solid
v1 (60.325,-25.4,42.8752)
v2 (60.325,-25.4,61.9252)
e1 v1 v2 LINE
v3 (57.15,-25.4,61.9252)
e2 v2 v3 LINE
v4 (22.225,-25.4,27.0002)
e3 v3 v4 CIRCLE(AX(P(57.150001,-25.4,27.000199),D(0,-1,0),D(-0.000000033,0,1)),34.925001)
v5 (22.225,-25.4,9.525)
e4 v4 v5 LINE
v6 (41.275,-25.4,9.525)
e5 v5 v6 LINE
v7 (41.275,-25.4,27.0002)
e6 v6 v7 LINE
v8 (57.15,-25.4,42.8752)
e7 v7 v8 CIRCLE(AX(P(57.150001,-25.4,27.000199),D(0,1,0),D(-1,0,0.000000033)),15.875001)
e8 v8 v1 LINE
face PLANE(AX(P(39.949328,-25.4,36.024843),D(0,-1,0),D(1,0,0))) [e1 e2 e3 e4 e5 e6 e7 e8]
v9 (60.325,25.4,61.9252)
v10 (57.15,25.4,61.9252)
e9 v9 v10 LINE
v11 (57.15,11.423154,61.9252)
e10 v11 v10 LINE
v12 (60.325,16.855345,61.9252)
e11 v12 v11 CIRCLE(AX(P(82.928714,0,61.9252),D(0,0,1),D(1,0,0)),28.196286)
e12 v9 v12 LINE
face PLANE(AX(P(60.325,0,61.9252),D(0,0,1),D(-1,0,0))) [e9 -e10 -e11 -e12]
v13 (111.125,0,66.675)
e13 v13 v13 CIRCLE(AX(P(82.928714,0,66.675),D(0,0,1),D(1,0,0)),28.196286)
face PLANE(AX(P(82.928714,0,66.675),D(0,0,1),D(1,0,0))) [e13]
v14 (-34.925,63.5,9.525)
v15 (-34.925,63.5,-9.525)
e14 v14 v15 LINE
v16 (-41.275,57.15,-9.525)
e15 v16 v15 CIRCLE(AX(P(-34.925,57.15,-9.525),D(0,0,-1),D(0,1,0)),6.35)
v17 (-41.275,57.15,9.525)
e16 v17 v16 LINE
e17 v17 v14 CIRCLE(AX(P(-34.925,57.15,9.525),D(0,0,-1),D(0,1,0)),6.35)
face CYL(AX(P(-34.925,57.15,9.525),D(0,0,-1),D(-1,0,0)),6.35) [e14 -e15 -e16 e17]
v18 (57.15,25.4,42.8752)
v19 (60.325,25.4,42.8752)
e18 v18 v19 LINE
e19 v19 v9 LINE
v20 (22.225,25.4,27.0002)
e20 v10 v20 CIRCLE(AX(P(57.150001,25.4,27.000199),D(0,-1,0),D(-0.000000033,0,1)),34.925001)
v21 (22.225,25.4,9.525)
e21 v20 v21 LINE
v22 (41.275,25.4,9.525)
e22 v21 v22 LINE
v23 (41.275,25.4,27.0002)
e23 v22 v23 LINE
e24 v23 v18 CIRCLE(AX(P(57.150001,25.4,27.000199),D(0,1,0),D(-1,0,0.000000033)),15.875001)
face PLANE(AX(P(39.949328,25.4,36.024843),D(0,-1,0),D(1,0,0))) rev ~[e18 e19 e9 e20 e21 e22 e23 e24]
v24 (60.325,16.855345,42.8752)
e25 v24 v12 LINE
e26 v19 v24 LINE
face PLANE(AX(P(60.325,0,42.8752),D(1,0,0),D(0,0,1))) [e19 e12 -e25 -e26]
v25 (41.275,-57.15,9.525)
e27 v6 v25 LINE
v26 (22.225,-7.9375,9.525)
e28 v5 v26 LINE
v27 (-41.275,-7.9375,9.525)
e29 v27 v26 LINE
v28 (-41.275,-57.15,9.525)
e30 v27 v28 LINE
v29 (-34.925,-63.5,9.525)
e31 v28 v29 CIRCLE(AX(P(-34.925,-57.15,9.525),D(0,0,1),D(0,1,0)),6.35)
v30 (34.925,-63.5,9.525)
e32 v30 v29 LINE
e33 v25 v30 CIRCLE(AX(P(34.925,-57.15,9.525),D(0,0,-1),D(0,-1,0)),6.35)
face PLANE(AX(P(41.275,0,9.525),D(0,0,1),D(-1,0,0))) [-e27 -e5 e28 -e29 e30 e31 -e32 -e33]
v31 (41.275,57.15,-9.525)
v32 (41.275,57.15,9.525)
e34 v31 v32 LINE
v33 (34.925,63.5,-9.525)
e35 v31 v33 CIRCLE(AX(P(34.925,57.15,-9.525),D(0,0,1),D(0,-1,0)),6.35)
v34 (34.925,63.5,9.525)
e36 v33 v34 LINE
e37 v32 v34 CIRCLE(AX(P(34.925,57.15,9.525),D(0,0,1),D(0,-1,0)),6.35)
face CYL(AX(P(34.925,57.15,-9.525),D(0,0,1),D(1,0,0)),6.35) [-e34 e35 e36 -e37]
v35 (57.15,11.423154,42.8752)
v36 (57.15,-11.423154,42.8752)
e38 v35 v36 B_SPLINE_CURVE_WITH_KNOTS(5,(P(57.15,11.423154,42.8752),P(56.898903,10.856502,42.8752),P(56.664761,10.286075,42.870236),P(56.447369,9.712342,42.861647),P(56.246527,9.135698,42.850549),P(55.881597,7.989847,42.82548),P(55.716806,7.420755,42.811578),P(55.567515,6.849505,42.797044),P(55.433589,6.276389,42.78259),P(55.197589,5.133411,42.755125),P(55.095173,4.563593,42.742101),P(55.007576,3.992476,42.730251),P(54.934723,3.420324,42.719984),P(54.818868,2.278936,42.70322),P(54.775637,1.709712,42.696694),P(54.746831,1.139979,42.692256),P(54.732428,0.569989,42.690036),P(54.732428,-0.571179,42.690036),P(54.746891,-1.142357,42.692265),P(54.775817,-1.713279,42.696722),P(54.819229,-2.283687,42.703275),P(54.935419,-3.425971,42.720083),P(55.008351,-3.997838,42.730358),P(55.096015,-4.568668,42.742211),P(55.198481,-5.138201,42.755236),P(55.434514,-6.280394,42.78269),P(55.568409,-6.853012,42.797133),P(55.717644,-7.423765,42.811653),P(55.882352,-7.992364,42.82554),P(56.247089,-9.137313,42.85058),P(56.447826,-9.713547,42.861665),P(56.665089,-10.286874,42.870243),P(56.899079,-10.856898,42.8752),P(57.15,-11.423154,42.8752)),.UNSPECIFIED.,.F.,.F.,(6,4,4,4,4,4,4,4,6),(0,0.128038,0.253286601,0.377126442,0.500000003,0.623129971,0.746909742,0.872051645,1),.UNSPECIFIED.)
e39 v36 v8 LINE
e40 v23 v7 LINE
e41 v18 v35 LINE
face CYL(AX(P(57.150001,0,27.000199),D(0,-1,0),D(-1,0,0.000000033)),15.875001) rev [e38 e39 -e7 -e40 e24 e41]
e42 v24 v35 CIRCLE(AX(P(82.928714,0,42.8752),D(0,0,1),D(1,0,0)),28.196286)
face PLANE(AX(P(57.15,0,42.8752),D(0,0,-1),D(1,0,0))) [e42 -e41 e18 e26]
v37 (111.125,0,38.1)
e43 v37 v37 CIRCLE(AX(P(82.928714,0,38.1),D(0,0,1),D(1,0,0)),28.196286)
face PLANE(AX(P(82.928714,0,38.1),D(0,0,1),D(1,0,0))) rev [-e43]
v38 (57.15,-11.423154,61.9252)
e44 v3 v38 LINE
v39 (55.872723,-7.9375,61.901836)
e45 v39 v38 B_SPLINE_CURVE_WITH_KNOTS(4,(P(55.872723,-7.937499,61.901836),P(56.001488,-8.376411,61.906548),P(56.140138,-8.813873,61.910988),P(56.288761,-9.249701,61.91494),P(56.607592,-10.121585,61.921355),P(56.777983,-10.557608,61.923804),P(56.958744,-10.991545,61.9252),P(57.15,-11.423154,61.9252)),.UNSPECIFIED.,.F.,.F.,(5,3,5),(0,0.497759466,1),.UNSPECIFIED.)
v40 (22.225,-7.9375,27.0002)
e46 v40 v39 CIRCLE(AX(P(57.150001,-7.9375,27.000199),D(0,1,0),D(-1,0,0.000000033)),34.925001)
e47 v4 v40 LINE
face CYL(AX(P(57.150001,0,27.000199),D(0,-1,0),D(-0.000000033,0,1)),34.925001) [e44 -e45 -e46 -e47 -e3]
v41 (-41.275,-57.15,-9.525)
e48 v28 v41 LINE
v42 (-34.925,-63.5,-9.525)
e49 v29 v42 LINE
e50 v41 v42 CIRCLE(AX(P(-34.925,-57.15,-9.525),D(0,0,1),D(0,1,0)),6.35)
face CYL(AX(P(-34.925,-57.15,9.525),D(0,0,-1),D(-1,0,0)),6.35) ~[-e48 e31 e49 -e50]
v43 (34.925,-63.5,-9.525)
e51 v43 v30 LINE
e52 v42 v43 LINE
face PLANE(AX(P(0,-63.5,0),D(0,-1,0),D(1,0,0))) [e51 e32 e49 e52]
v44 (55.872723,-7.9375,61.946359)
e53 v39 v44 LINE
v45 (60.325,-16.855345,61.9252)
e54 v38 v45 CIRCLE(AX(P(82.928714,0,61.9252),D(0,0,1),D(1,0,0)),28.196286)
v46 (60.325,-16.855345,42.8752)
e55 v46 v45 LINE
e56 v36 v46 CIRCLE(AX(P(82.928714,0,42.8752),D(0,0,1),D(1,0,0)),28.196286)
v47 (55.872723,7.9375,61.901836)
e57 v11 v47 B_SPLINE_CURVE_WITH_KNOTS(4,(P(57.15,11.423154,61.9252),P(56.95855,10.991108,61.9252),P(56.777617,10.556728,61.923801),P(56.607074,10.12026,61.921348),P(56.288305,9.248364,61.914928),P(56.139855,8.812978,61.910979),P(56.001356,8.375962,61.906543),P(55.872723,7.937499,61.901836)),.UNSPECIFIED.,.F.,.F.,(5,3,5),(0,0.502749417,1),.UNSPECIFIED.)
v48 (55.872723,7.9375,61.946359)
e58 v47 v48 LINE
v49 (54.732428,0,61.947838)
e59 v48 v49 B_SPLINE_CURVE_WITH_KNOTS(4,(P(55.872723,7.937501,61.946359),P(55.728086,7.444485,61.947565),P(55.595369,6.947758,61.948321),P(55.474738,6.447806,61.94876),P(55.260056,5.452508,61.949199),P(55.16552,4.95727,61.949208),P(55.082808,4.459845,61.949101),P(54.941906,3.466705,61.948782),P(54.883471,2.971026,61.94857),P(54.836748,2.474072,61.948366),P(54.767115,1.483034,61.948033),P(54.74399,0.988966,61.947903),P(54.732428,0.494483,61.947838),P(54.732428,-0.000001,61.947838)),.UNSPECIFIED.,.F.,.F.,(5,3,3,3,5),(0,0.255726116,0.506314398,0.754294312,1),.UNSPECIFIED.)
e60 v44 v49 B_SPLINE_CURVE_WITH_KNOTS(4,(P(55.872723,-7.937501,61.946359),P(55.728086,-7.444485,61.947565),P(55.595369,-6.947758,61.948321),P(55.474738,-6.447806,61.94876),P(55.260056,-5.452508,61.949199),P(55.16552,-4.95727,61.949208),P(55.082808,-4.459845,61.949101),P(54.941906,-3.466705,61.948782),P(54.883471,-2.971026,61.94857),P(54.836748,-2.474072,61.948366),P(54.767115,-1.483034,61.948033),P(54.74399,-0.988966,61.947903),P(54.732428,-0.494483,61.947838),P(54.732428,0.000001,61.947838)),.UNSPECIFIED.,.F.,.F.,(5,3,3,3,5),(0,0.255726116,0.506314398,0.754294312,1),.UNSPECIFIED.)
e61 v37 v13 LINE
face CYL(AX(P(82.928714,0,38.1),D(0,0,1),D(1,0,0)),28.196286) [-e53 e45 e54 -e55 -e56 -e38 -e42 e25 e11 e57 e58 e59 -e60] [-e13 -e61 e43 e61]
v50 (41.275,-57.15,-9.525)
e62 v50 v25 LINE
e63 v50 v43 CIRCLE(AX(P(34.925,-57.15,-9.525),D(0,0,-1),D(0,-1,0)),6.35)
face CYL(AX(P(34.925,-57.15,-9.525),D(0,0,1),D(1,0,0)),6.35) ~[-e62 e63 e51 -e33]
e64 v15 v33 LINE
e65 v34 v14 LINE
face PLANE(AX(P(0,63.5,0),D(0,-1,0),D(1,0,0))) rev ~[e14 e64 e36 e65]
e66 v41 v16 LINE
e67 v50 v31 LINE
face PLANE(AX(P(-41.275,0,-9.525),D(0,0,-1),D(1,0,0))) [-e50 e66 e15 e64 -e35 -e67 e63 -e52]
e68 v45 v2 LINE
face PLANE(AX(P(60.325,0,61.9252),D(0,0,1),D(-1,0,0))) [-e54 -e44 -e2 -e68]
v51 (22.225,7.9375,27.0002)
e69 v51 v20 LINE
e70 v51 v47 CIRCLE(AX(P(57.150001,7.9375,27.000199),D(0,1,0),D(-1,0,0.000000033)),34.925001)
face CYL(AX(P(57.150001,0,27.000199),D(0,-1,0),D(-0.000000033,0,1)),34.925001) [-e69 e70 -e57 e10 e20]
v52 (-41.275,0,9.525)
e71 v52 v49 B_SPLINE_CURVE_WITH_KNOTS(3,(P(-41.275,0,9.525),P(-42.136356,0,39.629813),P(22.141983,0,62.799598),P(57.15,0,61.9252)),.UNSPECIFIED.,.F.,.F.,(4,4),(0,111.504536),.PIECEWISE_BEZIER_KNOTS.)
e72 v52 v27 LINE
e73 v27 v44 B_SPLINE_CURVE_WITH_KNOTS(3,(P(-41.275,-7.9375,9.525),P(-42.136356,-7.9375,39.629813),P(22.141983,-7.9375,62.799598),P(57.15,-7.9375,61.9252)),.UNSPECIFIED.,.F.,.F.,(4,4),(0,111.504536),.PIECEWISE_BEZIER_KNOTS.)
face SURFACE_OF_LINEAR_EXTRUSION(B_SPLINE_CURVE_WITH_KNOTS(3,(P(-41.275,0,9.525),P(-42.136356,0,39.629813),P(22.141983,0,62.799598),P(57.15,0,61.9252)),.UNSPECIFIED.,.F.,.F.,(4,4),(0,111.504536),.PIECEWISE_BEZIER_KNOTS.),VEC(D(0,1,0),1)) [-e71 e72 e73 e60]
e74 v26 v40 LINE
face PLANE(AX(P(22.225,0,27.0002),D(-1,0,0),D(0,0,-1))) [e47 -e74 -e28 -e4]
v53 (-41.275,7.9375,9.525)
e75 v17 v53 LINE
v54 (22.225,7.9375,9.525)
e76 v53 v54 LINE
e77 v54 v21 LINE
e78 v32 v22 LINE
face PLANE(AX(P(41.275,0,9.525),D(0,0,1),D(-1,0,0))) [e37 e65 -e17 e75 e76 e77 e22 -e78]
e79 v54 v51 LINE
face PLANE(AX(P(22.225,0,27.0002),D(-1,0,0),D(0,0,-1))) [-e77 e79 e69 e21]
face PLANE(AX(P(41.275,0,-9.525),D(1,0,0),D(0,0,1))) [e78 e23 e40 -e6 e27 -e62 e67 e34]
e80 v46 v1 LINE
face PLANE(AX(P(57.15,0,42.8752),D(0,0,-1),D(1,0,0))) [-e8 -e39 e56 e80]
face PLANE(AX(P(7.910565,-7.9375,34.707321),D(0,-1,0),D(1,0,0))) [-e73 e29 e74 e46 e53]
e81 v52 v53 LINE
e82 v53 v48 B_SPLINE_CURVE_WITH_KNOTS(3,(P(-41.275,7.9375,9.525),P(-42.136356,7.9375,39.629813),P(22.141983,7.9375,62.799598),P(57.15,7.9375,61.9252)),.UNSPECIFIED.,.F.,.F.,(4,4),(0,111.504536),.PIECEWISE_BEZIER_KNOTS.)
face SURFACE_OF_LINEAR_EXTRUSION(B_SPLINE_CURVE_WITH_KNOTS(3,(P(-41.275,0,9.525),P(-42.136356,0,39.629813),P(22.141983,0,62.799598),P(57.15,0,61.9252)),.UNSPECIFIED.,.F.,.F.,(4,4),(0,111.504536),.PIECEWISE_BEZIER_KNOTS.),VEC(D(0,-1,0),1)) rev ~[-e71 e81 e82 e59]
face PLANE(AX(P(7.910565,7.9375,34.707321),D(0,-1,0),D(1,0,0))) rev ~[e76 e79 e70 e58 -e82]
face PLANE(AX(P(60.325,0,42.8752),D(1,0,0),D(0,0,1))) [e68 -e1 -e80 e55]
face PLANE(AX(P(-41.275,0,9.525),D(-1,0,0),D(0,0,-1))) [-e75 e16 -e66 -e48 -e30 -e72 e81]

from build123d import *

# Parameters (mm, degrees)
F1_DEPTH = 63.5
F2_DEPTH = 25.4
F3_DEPTH = 7.9375
F5_R     = 6.35


with BuildPart() as f1:
    # F0 (on Front) → F1 (new body, symmetric)
    with BuildSketch(Plane.XZ):
        Polygon((41.275, -9.525), (41.275, 9.525), (22.225, 9.525), (-41.275, 9.525), (-41.275, -9.525), align=None)
    extrude(amount=F1_DEPTH, both=True)

    # F0 (on Front) → F2 (join, symmetric)
    with BuildSketch(Plane.XZ):
        with BuildLine():
            Line((22.225, 9.525), (41.275, 9.525))
            Line((41.275, 9.525), (41.275, 27.0002))
            ThreePointArc((41.275, 27.0002), (45.92468, 38.22552), (57.15, 42.8752))
            Line((57.15, 42.8752), (60.325, 42.8752))
            Line((60.325, 42.8752), (60.325, 61.9252))
            Line((60.325, 61.9252), (57.15, 61.9252))
            ThreePointArc((57.15, 61.9252), (32.454296, 51.695904), (22.225, 27.0002))
            Line((22.225, 27.0002), (22.225, 9.525))
        make_face()
    extrude(amount=F2_DEPTH, both=True)

    # F0 (on Front) → F3 (join, symmetric)
    with BuildSketch(Plane.XZ):
        with BuildLine():
            Line((-41.275, 9.525), (22.225, 9.525))
            Line((22.225, 9.525), (22.225, 27.0002))
            ThreePointArc((22.225, 27.0002), (32.454296, 51.695904), (57.15, 61.9252))
            add(Edge.make_bspline(
                [(-41.275, 9.525), (-42.136356, 39.629813), (22.141983, 62.799598), (57.15, 61.9252)],
                knots=[0, 0, 0, 0, 111.504536, 111.504536, 111.504536, 111.504536], degree=3))
        make_face()
    extrude(amount=F3_DEPTH, both=True)

    # F0 (on Front) → F4 (revolve)
    with BuildSketch(Plane.XZ):
        Polygon((82.928714, 61.9252), (82.928714, 42.8752), (82.928714, 38.1), (111.125, 38.1), (111.125, 66.675), (82.928714, 66.675), align=None)
    revolve(axis=Axis((82.928714, 0, 52.3875), (0, 0, 1)))

    # F5
    f5_edges = [f1.edges().sort_by_distance(p)[0] for p in [
        (41.275, -63.5, 0),
        (-41.275, -63.5, 0),
        (41.275, 63.5, 0),
        (-41.275, 63.5, 0),
    ]]
    fillet(f5_edges, radius=F5_R)


solid = f1.part
